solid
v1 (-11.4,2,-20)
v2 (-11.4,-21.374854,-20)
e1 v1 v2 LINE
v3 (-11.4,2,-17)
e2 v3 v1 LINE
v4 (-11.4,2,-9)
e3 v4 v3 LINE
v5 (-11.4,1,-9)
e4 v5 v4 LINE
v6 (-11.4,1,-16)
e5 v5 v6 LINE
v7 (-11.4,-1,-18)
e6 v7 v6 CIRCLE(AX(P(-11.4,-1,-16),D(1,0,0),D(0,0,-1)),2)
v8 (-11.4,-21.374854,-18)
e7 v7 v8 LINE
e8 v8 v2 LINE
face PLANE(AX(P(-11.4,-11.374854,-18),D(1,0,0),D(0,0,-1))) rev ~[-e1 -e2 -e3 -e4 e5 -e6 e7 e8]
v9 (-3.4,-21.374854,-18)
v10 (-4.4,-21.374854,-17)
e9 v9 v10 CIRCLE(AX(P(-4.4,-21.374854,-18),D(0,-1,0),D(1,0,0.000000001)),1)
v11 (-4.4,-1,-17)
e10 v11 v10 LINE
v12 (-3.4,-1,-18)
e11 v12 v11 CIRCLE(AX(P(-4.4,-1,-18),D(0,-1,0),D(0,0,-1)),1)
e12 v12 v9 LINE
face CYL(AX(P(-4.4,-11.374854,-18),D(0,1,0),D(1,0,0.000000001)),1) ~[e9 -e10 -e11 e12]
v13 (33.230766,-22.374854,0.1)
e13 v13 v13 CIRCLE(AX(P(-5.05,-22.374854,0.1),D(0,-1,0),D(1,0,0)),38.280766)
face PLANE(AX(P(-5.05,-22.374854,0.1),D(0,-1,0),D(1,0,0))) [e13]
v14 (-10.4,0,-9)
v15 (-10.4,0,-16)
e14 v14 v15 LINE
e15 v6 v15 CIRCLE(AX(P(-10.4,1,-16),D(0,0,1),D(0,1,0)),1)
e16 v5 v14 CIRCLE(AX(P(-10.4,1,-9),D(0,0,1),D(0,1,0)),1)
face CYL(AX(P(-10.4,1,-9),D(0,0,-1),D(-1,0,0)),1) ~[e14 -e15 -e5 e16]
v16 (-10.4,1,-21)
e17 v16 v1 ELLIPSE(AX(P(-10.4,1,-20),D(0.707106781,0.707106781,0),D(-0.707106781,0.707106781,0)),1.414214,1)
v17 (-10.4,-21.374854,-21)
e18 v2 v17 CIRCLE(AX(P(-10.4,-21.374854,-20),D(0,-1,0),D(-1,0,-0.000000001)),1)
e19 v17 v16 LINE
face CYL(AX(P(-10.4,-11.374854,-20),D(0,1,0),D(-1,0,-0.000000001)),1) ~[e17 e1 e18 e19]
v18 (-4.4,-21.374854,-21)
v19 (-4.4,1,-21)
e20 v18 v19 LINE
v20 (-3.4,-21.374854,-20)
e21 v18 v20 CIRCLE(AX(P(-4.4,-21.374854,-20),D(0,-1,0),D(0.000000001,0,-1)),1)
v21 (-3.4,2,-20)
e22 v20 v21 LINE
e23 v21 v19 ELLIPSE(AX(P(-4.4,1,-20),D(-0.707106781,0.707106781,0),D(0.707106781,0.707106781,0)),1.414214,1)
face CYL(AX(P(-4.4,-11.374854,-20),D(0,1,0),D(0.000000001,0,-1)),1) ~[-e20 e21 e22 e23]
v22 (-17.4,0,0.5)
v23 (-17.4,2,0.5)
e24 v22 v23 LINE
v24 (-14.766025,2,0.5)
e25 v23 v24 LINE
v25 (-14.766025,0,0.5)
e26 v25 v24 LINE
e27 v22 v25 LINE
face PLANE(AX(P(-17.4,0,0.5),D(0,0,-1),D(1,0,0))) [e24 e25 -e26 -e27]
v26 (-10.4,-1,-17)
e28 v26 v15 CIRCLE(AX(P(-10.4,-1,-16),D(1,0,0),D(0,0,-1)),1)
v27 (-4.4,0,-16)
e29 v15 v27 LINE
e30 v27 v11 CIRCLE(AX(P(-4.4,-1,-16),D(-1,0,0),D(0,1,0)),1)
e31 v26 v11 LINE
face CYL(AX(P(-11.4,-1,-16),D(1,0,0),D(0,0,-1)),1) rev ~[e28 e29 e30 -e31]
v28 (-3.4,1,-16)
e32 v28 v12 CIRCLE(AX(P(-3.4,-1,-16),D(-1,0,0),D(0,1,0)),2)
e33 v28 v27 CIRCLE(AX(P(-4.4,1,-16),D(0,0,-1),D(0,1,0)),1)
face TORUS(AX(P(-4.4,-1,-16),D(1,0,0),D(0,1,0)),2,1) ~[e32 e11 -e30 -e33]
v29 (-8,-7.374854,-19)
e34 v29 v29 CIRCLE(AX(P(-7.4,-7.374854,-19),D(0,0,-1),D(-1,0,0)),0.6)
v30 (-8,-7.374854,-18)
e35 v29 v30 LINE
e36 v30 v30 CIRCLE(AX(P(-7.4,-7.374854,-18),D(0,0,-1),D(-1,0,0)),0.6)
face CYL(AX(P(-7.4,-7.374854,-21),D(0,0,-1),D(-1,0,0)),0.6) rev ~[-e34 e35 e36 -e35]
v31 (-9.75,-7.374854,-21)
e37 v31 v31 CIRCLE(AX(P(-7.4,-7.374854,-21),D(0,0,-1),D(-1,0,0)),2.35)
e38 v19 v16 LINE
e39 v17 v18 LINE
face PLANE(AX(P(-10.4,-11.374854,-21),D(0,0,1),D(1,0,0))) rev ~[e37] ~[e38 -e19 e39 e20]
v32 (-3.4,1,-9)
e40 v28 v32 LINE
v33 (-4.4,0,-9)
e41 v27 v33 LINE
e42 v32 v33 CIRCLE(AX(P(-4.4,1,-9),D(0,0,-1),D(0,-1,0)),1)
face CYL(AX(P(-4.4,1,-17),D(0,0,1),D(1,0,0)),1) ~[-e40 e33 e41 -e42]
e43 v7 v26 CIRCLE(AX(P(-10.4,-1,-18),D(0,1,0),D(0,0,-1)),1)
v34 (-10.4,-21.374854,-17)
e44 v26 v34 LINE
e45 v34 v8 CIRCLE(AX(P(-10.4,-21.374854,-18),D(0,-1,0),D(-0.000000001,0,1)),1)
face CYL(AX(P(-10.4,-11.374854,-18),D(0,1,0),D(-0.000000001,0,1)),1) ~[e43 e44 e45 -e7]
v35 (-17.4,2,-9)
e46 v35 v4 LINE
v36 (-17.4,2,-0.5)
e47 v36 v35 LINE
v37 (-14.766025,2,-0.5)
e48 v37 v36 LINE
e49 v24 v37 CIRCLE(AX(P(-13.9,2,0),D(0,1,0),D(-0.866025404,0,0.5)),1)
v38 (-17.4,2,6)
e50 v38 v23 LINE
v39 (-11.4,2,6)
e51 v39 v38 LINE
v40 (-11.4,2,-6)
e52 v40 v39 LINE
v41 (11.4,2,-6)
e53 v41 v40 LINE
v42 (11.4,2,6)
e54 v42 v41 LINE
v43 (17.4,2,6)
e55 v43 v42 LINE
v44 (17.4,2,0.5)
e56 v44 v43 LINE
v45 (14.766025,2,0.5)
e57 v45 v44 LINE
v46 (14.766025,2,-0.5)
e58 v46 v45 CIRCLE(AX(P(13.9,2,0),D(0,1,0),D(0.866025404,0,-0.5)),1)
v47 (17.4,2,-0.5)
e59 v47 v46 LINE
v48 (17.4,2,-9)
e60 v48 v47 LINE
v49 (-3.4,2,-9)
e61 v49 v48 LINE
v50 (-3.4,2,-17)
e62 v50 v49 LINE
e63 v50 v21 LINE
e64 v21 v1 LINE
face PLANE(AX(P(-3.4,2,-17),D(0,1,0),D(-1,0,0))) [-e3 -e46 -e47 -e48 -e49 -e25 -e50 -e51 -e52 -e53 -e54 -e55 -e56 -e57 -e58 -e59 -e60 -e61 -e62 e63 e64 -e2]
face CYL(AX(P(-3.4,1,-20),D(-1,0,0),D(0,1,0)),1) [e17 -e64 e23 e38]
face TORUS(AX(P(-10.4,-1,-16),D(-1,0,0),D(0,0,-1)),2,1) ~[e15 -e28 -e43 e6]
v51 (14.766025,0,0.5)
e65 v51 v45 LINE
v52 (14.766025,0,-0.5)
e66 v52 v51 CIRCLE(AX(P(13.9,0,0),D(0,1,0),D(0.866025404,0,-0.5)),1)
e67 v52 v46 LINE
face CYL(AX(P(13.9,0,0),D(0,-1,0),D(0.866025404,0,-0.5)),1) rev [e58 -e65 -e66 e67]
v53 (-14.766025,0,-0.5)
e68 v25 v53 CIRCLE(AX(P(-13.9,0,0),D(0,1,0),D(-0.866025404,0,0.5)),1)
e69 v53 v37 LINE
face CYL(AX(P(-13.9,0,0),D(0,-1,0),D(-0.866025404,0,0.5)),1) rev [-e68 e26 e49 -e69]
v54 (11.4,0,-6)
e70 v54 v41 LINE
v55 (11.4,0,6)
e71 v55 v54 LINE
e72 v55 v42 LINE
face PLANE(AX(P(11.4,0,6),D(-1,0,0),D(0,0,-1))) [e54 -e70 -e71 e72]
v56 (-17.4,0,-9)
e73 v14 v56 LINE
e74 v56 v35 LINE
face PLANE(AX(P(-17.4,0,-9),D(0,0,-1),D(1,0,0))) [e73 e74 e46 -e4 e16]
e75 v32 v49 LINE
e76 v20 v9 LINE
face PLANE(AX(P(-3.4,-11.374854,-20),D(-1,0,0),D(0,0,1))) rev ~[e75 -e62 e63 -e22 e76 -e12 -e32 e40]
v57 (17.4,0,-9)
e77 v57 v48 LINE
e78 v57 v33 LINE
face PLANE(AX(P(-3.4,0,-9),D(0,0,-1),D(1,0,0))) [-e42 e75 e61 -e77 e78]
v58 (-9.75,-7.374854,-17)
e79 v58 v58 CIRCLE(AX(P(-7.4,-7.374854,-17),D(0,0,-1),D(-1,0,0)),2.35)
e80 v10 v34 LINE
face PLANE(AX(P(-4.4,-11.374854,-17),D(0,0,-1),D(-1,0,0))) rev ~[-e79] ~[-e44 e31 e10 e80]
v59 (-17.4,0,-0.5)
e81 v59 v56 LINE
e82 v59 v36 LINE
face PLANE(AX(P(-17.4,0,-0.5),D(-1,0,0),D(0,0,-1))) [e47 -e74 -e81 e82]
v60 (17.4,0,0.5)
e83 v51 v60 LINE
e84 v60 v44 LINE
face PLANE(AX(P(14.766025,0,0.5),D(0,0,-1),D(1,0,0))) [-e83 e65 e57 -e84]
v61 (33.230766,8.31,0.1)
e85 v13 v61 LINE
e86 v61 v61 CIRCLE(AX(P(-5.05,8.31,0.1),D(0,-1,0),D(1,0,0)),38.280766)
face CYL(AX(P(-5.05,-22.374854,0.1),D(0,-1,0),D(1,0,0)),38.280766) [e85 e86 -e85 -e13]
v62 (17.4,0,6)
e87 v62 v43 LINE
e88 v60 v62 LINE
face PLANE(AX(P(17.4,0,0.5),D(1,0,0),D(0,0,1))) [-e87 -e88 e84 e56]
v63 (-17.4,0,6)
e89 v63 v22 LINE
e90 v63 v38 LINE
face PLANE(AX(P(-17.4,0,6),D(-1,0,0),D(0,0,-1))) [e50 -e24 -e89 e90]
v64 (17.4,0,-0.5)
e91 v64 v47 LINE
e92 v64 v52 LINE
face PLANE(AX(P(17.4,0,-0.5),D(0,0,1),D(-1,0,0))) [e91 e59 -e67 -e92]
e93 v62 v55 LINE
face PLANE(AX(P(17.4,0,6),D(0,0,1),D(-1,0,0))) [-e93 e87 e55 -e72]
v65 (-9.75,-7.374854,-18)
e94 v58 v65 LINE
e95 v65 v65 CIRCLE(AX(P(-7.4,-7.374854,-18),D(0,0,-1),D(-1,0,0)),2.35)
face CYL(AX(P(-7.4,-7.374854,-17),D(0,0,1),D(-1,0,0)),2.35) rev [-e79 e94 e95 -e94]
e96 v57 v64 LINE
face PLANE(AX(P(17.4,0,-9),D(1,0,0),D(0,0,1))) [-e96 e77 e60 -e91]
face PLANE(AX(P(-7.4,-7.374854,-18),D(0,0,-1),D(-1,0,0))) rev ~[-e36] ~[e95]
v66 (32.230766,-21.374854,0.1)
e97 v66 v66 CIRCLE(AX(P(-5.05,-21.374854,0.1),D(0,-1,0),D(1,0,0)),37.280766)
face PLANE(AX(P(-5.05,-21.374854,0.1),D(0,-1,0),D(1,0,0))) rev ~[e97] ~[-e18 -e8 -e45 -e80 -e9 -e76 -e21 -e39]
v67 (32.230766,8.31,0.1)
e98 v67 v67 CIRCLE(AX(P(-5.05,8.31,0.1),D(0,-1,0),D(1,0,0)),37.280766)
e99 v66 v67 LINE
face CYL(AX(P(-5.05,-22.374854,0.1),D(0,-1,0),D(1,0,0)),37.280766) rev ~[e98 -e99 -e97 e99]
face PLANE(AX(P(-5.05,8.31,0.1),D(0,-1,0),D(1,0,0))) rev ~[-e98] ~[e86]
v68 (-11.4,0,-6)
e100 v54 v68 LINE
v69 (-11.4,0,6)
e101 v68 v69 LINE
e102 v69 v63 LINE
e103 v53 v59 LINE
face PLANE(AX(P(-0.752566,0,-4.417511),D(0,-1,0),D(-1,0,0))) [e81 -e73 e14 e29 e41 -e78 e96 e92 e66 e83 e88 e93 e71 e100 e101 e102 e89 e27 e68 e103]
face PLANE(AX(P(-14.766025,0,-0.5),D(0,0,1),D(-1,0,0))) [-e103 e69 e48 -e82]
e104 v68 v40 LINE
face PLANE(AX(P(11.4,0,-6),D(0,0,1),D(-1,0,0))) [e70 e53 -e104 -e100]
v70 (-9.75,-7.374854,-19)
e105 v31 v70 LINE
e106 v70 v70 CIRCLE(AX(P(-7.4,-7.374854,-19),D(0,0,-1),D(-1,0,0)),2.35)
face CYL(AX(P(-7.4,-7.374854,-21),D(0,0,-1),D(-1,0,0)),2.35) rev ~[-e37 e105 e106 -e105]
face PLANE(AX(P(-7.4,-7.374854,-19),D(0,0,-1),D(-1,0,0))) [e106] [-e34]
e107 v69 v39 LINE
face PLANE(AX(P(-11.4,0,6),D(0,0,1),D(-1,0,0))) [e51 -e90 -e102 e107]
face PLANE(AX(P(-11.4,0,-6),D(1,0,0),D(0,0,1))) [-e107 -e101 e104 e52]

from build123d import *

# Parameters (mm, degrees)
BOSS_EXTRUDE1_DEPTH = 2
SKETCH3_W           = 8
SKETCH3_H           = 13.374853929
BOSS_EXTRUDE2_DEPTH = 4
FILLET1_R           = 1
SKETCH4_R           = 2.35
SKETCH4_R_2         = 0.6
CUT_EXTRUDE1_DEPTH  = 2
SKETCH4_4_R         = 0.6
CUT_EXTRUDE2_DEPTH  = 4
CUT_EXTRUDE3_START  = -4
SKETCH4_5_R         = 2.35
SKETCH4_5_R_2       = 0.6
CUT_EXTRUDE3_DEPTH  = 1
BOSS_EXTRUDE3_START = 10
SKETCH6_R           = 37.280765685
BOSS_EXTRUDE3_DEPTH = 1
EXTRUDE_THIN1_START = 11
SKETCH6_2_R         = 38.280765685
SKETCH6_2_R_2       = 37.280765685
EXTRUDE_THIN1_DEPTH = 30.684854
BOSS_EXTRUDE4_DEPTH = 10


with BuildPart() as part:
    # Sketch1 → Boss-Extrude1 (new body)
    with BuildSketch(Plane(origin=(0, 0, 0), x_dir=(1, 0, 0), z_dir=(0, 1, 0))):
        with BuildLine():
            Line((-11.4, -6), (-17.4, -6))
            Line((-17.4, -6), (-17.4, -0.5))
            Line((-17.4, -0.5), (-14.766025404, -0.5))
            ThreePointArc((-14.766025404, -0.5), (-12.9, 0), (-14.766025404, 0.5))
            Line((-14.766025404, 0.5), (-17.4, 0.5))
            Line((-17.4, 0.5), (-17.4, 9))
            Line((-17.4, 9), (-11.4, 9))
            Line((-11.4, 9), (-11.4, 17))
            Line((-11.4, 17), (-3.4, 17))
            Line((-3.4, 17), (-3.4, 9))
            Line((-3.4, 9), (17.4, 9))
            Line((17.4, 9), (17.4, 0.5))
            Line((17.4, 0.5), (14.766025404, 0.5))
            ThreePointArc((14.766025404, 0.5), (12.9, 0), (14.766025404, -0.5))
            Line((14.766025404, -0.5), (17.4, -0.5))
            Line((17.4, -0.5), (17.4, -6))
            Line((17.4, -6), (11.4, -6))
            Line((11.4, -6), (11.4, 6))
            Line((11.4, 6), (-11.4, 6))
            Line((-11.4, 6), (-11.4, -6))
        make_face()
    extrude(amount=BOSS_EXTRUDE1_DEPTH)

    # Sketch3 → Boss-Extrude2 (add)
    with BuildSketch(Plane(origin=(0, 0, -17), x_dir=(-1, 0, 0), z_dir=(0, 0, -1))):
        with Locations((7.4, -4.687426965)):
            Rectangle(SKETCH3_W, SKETCH3_H)
    extrude(amount=BOSS_EXTRUDE2_DEPTH)

    # Fillet1
    fillet1_edges = [part.edges().sort_by_distance(p)[0] for p in [
        (-11.4, 0, -13),
        (-7.4, 0, -17),
        (-3.4, 0, -13),
        (-3.4, -5.687426964, -17),
        (-11.4, -5.687426964, -17),
        (-3.4, -4.687426964, -21),
        (-11.4, -4.687426964, -21),
        (-7.4, 2, -21),
    ]]
    fillet(fillet1_edges, radius=FILLET1_R)

    # Sketch4 → Cut-Extrude1 (cut)
    with BuildSketch(Plane(origin=(0, 0, -21), x_dir=(-1, 0, 0), z_dir=(0, 0, -1))):
        with Locations((7.4, -7.374853929)):
            Circle(SKETCH4_R)
        with Locations((7.4, -7.374853929)):
            Circle(SKETCH4_R_2, mode=Mode.SUBTRACT)
        with Locations((7.4, -7.374853929)):
            Circle(SKETCH4_R_2)
    extrude(amount=-CUT_EXTRUDE1_DEPTH, mode=Mode.SUBTRACT)

    # Sketch4<4> → Cut-Extrude2 (cut)
    with BuildSketch(Plane(origin=(0, 0, -21), x_dir=(-1, 0, 0), z_dir=(0, 0, -1))):
        with Locations((7.4, -7.374853929)):
            Circle(SKETCH4_4_R)
    extrude(amount=-CUT_EXTRUDE2_DEPTH, mode=Mode.SUBTRACT)

    # Sketch4<5> → Cut-Extrude3 (cut)
    with BuildSketch(Plane(origin=(0, 0, -21), x_dir=(-1, 0, 0), z_dir=(0, 0, -1)).offset(CUT_EXTRUDE3_START)):
        with Locations((7.4, -7.374853929)):
            Circle(SKETCH4_5_R)
        with Locations((7.4, -7.374853929)):
            Circle(SKETCH4_5_R_2, mode=Mode.SUBTRACT)
    extrude(amount=CUT_EXTRUDE3_DEPTH, mode=Mode.SUBTRACT)



with BuildPart() as body_2:
    # Sketch6 → Boss-Extrude3 (new body)
    with BuildSketch(Plane.XZ.offset(11.374853929).offset(BOSS_EXTRUDE3_START)):
        with Locations((-5.05, 0.1)):
            Circle(SKETCH6_R)
    extrude(amount=BOSS_EXTRUDE3_DEPTH)

    # Sketch6<2> → Extrude-Thin1 (add)
    with BuildSketch(Plane.XZ.offset(11.374853929).offset(EXTRUDE_THIN1_START)):
        with Locations((-5.05, 0.1)):
            Circle(SKETCH6_2_R)
        with Locations((-5.05, 0.1)):
            Circle(SKETCH6_2_R_2, mode=Mode.SUBTRACT)
    extrude(amount=-EXTRUDE_THIN1_DEPTH)


with BuildPart() as part_1:
    add(part.part)

    add(body_2.part)  # Boss-Extrude4 merges body 2
    # Sketch7 → Boss-Extrude4 (add)
    with BuildSketch(Plane.XZ.offset(11.374853929)):
        with BuildLine():
            Line((-3.4, -20), (-3.4, -18))
            ThreePointArc((-3.4, -18), (-3.692893219, -17.292893219), (-4.4, -17))
            Line((-4.4, -17), (-10.4, -17))
            ThreePointArc((-10.4, -17), (-11.107106781, -17.292893219), (-11.4, -18))
            Line((-11.4, -18), (-11.4, -20))
            ThreePointArc((-11.4, -20), (-11.107106781, -20.707106781), (-10.4, -21))
            Line((-10.4, -21), (-4.4, -21))
            ThreePointArc((-4.4, -21), (-3.692893219, -20.707106781), (-3.4, -20))
        make_face()
    extrude(amount=BOSS_EXTRUDE4_DEPTH)


solid = part_1.part
